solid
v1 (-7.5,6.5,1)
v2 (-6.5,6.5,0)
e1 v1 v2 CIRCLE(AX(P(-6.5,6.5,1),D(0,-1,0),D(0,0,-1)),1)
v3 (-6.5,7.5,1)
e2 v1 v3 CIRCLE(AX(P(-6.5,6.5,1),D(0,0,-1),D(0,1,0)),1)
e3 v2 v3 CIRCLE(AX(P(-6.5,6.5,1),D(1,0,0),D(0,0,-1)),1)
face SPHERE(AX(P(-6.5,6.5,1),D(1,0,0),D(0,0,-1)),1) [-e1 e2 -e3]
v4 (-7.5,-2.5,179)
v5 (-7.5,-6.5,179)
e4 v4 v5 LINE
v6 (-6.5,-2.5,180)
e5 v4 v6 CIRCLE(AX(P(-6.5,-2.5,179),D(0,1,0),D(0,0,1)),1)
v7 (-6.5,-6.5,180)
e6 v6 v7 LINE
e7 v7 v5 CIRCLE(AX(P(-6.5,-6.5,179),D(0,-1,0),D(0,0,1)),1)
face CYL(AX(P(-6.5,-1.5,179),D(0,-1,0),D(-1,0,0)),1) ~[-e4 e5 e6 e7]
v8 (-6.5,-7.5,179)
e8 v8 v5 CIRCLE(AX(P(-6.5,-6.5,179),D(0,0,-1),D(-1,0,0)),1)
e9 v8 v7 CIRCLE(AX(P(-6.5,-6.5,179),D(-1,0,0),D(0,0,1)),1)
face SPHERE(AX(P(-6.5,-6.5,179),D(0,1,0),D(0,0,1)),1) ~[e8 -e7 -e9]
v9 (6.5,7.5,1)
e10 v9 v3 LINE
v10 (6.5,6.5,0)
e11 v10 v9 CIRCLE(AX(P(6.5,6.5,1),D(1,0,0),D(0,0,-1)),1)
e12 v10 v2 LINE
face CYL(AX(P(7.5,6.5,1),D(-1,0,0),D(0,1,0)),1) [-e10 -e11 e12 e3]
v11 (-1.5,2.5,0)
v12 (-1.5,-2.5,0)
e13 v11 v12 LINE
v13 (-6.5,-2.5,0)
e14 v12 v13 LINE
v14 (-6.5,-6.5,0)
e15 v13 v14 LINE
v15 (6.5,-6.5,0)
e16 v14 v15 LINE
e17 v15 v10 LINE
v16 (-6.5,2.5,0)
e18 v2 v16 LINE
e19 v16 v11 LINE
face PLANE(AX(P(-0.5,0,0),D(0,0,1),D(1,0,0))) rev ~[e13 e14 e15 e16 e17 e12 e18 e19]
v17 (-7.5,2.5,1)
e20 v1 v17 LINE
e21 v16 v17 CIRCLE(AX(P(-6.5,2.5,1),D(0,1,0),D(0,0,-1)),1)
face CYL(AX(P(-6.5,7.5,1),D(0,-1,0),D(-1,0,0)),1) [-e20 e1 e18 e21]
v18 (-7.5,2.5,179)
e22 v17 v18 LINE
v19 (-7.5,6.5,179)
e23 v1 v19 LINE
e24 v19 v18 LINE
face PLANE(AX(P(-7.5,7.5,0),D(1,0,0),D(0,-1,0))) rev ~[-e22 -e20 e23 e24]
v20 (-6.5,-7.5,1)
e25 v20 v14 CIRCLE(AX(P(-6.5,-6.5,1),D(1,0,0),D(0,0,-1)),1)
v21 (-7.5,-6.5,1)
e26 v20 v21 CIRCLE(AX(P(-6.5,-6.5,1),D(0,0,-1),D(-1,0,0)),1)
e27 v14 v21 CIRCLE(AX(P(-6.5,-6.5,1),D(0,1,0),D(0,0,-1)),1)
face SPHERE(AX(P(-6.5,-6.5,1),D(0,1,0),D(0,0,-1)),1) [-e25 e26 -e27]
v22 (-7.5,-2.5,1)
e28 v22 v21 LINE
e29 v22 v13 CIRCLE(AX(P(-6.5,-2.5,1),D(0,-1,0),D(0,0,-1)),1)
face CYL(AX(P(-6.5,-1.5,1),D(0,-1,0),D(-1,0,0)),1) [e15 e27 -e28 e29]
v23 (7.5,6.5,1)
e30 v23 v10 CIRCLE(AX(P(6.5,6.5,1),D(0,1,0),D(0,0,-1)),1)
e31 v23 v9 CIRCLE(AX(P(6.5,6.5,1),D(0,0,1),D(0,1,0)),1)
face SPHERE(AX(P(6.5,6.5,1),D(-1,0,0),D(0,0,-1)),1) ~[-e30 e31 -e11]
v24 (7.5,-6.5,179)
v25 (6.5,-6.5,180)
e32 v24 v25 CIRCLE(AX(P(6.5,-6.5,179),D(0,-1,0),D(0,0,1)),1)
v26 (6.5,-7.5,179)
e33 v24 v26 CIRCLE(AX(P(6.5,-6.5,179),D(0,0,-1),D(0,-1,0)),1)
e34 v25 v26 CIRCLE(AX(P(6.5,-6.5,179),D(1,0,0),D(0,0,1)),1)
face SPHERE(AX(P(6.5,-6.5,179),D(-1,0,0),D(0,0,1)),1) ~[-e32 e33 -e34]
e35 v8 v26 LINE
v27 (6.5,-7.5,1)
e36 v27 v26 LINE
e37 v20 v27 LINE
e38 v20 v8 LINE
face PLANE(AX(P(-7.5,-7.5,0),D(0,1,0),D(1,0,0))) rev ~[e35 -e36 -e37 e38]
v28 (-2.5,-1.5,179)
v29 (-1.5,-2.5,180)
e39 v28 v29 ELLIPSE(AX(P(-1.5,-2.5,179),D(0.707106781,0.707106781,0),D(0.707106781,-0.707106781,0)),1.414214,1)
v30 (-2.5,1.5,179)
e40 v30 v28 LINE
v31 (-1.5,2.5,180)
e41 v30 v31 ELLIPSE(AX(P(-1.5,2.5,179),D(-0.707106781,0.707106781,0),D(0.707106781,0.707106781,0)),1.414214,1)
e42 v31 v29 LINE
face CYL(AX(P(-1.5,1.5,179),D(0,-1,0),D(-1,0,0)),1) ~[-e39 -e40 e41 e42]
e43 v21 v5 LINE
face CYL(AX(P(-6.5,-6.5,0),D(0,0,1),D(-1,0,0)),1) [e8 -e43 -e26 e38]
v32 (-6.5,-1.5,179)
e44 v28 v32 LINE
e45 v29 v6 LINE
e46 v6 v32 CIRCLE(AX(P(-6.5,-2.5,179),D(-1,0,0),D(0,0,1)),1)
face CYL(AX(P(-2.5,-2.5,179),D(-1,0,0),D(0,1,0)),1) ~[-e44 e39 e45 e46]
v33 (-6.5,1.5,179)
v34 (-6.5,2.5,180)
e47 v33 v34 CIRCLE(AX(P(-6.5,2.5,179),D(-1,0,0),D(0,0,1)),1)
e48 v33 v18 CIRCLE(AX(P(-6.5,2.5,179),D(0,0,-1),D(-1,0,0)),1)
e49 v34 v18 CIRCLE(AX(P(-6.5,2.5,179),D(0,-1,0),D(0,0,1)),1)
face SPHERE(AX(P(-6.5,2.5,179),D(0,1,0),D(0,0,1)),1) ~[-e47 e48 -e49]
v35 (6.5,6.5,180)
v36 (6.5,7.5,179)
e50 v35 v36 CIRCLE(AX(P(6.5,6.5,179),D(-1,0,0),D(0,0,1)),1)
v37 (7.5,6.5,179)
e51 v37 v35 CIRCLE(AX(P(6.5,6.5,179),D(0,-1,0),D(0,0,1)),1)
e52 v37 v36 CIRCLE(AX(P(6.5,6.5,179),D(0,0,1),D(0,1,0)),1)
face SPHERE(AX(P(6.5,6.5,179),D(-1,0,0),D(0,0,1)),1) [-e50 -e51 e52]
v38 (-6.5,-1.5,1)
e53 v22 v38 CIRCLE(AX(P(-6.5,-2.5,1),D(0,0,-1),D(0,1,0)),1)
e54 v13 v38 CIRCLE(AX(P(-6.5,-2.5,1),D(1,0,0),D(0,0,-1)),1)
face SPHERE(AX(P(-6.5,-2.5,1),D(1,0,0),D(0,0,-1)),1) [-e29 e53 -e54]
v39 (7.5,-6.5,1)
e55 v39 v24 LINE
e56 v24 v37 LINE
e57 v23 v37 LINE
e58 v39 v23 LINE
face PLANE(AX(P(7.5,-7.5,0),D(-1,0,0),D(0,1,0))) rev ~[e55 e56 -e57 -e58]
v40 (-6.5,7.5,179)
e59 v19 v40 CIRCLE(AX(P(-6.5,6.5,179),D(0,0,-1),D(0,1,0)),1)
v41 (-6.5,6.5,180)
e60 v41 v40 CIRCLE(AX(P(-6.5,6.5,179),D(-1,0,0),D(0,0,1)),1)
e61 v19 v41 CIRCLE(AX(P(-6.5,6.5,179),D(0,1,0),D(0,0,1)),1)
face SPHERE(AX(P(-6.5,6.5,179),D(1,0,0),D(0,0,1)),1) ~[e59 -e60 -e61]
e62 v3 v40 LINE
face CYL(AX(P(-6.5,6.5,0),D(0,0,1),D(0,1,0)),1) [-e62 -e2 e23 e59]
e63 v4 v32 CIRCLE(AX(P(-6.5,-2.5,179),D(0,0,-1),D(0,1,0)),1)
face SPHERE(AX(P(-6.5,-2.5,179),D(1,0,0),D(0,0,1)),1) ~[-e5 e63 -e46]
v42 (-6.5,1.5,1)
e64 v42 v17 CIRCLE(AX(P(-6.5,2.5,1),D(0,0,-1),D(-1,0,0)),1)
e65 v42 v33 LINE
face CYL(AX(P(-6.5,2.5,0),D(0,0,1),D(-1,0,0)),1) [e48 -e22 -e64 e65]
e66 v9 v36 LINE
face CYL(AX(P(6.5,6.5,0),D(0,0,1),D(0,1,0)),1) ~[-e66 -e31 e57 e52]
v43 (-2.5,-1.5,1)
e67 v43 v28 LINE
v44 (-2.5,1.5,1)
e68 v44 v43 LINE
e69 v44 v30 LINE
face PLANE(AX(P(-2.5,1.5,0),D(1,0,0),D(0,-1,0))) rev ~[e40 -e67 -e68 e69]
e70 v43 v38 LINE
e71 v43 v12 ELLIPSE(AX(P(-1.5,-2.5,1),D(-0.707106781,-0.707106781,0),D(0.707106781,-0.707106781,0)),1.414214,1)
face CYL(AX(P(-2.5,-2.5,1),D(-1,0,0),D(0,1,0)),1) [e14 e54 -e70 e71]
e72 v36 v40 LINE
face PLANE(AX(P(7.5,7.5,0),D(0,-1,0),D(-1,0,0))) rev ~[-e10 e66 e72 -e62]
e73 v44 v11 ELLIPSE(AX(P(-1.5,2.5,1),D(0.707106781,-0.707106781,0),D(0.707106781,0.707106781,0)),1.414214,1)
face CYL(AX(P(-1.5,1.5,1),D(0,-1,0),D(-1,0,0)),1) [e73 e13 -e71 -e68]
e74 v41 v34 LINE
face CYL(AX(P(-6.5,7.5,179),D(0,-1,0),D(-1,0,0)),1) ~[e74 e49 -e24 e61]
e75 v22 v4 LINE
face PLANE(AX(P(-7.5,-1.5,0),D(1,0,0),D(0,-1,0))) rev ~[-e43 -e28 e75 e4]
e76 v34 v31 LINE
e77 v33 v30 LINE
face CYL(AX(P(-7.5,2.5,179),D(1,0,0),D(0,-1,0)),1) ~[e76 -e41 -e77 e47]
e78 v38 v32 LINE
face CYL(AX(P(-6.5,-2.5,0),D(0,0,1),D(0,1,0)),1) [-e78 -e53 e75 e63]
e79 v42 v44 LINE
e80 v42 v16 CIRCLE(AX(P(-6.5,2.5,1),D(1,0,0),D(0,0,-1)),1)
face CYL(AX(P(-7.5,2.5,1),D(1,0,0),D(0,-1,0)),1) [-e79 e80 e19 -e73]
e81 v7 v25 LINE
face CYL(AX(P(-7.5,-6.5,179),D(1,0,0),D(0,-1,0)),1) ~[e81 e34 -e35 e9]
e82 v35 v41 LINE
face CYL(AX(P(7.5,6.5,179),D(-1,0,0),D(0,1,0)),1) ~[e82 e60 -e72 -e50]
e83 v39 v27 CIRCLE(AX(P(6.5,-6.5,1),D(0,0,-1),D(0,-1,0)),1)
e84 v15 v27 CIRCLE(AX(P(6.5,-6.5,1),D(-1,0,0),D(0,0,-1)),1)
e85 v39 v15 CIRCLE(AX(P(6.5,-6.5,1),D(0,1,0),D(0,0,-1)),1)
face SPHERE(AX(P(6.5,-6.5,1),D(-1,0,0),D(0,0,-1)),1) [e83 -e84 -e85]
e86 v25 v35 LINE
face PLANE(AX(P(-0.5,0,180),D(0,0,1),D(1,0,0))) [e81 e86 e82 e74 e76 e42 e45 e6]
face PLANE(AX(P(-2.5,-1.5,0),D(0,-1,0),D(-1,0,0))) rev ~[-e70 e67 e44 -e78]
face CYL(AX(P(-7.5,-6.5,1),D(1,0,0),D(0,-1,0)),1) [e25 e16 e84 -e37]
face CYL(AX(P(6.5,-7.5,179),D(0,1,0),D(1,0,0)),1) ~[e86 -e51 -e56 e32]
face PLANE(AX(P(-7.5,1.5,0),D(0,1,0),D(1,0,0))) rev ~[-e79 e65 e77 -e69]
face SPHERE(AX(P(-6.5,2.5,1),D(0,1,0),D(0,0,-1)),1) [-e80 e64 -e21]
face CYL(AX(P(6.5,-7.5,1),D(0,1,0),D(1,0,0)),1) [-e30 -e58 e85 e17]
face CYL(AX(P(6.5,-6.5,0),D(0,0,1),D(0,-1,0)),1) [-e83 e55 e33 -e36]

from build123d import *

# Parameters (mm, degrees)
F1_DEPTH = 180
F2_R     = 1


with BuildPart() as f1:
    # F0 (on Top) → F1 (new body)
    with BuildSketch(Plane.XY):
        Polygon((7.5, 7.5), (-7.5, 7.5), (-7.5, 1.5), (-2.5, 1.5), (-2.5, -1.5), (-7.5, -1.5), (-7.5, -7.5), (7.5, -7.5), align=None)
    extrude(amount=F1_DEPTH)

    # F2
    f2_edges = [f1.edges().sort_by_distance(p)[0] for p in [
        (0, 7.5, 180),
        (-7.5, 4.5, 180),
        (-5, 1.5, 180),
        (-2.5, 0, 180),
        (-5, -1.5, 180),
        (-7.5, -4.5, 180),
        (0, -7.5, 180),
        (7.5, 0, 180),
        (0, 7.5, 0),
        (-7.5, 4.5, 0),
        (-5, 1.5, 0),
        (-2.5, 0, 0),
        (-5, -1.5, 0),
        (-7.5, -4.5, 0),
        (0, -7.5, 0),
        (7.5, 0, 0),
        (7.5, 7.5, 90),
        (-7.5, 7.5, 90),
        (7.5, -7.5, 90),
        (-7.5, -1.5, 90),
        (-7.5, -7.5, 90),
        (-7.5, 1.5, 90),
    ]]
    fillet(f2_edges, radius=F2_R)


solid = f1.part
